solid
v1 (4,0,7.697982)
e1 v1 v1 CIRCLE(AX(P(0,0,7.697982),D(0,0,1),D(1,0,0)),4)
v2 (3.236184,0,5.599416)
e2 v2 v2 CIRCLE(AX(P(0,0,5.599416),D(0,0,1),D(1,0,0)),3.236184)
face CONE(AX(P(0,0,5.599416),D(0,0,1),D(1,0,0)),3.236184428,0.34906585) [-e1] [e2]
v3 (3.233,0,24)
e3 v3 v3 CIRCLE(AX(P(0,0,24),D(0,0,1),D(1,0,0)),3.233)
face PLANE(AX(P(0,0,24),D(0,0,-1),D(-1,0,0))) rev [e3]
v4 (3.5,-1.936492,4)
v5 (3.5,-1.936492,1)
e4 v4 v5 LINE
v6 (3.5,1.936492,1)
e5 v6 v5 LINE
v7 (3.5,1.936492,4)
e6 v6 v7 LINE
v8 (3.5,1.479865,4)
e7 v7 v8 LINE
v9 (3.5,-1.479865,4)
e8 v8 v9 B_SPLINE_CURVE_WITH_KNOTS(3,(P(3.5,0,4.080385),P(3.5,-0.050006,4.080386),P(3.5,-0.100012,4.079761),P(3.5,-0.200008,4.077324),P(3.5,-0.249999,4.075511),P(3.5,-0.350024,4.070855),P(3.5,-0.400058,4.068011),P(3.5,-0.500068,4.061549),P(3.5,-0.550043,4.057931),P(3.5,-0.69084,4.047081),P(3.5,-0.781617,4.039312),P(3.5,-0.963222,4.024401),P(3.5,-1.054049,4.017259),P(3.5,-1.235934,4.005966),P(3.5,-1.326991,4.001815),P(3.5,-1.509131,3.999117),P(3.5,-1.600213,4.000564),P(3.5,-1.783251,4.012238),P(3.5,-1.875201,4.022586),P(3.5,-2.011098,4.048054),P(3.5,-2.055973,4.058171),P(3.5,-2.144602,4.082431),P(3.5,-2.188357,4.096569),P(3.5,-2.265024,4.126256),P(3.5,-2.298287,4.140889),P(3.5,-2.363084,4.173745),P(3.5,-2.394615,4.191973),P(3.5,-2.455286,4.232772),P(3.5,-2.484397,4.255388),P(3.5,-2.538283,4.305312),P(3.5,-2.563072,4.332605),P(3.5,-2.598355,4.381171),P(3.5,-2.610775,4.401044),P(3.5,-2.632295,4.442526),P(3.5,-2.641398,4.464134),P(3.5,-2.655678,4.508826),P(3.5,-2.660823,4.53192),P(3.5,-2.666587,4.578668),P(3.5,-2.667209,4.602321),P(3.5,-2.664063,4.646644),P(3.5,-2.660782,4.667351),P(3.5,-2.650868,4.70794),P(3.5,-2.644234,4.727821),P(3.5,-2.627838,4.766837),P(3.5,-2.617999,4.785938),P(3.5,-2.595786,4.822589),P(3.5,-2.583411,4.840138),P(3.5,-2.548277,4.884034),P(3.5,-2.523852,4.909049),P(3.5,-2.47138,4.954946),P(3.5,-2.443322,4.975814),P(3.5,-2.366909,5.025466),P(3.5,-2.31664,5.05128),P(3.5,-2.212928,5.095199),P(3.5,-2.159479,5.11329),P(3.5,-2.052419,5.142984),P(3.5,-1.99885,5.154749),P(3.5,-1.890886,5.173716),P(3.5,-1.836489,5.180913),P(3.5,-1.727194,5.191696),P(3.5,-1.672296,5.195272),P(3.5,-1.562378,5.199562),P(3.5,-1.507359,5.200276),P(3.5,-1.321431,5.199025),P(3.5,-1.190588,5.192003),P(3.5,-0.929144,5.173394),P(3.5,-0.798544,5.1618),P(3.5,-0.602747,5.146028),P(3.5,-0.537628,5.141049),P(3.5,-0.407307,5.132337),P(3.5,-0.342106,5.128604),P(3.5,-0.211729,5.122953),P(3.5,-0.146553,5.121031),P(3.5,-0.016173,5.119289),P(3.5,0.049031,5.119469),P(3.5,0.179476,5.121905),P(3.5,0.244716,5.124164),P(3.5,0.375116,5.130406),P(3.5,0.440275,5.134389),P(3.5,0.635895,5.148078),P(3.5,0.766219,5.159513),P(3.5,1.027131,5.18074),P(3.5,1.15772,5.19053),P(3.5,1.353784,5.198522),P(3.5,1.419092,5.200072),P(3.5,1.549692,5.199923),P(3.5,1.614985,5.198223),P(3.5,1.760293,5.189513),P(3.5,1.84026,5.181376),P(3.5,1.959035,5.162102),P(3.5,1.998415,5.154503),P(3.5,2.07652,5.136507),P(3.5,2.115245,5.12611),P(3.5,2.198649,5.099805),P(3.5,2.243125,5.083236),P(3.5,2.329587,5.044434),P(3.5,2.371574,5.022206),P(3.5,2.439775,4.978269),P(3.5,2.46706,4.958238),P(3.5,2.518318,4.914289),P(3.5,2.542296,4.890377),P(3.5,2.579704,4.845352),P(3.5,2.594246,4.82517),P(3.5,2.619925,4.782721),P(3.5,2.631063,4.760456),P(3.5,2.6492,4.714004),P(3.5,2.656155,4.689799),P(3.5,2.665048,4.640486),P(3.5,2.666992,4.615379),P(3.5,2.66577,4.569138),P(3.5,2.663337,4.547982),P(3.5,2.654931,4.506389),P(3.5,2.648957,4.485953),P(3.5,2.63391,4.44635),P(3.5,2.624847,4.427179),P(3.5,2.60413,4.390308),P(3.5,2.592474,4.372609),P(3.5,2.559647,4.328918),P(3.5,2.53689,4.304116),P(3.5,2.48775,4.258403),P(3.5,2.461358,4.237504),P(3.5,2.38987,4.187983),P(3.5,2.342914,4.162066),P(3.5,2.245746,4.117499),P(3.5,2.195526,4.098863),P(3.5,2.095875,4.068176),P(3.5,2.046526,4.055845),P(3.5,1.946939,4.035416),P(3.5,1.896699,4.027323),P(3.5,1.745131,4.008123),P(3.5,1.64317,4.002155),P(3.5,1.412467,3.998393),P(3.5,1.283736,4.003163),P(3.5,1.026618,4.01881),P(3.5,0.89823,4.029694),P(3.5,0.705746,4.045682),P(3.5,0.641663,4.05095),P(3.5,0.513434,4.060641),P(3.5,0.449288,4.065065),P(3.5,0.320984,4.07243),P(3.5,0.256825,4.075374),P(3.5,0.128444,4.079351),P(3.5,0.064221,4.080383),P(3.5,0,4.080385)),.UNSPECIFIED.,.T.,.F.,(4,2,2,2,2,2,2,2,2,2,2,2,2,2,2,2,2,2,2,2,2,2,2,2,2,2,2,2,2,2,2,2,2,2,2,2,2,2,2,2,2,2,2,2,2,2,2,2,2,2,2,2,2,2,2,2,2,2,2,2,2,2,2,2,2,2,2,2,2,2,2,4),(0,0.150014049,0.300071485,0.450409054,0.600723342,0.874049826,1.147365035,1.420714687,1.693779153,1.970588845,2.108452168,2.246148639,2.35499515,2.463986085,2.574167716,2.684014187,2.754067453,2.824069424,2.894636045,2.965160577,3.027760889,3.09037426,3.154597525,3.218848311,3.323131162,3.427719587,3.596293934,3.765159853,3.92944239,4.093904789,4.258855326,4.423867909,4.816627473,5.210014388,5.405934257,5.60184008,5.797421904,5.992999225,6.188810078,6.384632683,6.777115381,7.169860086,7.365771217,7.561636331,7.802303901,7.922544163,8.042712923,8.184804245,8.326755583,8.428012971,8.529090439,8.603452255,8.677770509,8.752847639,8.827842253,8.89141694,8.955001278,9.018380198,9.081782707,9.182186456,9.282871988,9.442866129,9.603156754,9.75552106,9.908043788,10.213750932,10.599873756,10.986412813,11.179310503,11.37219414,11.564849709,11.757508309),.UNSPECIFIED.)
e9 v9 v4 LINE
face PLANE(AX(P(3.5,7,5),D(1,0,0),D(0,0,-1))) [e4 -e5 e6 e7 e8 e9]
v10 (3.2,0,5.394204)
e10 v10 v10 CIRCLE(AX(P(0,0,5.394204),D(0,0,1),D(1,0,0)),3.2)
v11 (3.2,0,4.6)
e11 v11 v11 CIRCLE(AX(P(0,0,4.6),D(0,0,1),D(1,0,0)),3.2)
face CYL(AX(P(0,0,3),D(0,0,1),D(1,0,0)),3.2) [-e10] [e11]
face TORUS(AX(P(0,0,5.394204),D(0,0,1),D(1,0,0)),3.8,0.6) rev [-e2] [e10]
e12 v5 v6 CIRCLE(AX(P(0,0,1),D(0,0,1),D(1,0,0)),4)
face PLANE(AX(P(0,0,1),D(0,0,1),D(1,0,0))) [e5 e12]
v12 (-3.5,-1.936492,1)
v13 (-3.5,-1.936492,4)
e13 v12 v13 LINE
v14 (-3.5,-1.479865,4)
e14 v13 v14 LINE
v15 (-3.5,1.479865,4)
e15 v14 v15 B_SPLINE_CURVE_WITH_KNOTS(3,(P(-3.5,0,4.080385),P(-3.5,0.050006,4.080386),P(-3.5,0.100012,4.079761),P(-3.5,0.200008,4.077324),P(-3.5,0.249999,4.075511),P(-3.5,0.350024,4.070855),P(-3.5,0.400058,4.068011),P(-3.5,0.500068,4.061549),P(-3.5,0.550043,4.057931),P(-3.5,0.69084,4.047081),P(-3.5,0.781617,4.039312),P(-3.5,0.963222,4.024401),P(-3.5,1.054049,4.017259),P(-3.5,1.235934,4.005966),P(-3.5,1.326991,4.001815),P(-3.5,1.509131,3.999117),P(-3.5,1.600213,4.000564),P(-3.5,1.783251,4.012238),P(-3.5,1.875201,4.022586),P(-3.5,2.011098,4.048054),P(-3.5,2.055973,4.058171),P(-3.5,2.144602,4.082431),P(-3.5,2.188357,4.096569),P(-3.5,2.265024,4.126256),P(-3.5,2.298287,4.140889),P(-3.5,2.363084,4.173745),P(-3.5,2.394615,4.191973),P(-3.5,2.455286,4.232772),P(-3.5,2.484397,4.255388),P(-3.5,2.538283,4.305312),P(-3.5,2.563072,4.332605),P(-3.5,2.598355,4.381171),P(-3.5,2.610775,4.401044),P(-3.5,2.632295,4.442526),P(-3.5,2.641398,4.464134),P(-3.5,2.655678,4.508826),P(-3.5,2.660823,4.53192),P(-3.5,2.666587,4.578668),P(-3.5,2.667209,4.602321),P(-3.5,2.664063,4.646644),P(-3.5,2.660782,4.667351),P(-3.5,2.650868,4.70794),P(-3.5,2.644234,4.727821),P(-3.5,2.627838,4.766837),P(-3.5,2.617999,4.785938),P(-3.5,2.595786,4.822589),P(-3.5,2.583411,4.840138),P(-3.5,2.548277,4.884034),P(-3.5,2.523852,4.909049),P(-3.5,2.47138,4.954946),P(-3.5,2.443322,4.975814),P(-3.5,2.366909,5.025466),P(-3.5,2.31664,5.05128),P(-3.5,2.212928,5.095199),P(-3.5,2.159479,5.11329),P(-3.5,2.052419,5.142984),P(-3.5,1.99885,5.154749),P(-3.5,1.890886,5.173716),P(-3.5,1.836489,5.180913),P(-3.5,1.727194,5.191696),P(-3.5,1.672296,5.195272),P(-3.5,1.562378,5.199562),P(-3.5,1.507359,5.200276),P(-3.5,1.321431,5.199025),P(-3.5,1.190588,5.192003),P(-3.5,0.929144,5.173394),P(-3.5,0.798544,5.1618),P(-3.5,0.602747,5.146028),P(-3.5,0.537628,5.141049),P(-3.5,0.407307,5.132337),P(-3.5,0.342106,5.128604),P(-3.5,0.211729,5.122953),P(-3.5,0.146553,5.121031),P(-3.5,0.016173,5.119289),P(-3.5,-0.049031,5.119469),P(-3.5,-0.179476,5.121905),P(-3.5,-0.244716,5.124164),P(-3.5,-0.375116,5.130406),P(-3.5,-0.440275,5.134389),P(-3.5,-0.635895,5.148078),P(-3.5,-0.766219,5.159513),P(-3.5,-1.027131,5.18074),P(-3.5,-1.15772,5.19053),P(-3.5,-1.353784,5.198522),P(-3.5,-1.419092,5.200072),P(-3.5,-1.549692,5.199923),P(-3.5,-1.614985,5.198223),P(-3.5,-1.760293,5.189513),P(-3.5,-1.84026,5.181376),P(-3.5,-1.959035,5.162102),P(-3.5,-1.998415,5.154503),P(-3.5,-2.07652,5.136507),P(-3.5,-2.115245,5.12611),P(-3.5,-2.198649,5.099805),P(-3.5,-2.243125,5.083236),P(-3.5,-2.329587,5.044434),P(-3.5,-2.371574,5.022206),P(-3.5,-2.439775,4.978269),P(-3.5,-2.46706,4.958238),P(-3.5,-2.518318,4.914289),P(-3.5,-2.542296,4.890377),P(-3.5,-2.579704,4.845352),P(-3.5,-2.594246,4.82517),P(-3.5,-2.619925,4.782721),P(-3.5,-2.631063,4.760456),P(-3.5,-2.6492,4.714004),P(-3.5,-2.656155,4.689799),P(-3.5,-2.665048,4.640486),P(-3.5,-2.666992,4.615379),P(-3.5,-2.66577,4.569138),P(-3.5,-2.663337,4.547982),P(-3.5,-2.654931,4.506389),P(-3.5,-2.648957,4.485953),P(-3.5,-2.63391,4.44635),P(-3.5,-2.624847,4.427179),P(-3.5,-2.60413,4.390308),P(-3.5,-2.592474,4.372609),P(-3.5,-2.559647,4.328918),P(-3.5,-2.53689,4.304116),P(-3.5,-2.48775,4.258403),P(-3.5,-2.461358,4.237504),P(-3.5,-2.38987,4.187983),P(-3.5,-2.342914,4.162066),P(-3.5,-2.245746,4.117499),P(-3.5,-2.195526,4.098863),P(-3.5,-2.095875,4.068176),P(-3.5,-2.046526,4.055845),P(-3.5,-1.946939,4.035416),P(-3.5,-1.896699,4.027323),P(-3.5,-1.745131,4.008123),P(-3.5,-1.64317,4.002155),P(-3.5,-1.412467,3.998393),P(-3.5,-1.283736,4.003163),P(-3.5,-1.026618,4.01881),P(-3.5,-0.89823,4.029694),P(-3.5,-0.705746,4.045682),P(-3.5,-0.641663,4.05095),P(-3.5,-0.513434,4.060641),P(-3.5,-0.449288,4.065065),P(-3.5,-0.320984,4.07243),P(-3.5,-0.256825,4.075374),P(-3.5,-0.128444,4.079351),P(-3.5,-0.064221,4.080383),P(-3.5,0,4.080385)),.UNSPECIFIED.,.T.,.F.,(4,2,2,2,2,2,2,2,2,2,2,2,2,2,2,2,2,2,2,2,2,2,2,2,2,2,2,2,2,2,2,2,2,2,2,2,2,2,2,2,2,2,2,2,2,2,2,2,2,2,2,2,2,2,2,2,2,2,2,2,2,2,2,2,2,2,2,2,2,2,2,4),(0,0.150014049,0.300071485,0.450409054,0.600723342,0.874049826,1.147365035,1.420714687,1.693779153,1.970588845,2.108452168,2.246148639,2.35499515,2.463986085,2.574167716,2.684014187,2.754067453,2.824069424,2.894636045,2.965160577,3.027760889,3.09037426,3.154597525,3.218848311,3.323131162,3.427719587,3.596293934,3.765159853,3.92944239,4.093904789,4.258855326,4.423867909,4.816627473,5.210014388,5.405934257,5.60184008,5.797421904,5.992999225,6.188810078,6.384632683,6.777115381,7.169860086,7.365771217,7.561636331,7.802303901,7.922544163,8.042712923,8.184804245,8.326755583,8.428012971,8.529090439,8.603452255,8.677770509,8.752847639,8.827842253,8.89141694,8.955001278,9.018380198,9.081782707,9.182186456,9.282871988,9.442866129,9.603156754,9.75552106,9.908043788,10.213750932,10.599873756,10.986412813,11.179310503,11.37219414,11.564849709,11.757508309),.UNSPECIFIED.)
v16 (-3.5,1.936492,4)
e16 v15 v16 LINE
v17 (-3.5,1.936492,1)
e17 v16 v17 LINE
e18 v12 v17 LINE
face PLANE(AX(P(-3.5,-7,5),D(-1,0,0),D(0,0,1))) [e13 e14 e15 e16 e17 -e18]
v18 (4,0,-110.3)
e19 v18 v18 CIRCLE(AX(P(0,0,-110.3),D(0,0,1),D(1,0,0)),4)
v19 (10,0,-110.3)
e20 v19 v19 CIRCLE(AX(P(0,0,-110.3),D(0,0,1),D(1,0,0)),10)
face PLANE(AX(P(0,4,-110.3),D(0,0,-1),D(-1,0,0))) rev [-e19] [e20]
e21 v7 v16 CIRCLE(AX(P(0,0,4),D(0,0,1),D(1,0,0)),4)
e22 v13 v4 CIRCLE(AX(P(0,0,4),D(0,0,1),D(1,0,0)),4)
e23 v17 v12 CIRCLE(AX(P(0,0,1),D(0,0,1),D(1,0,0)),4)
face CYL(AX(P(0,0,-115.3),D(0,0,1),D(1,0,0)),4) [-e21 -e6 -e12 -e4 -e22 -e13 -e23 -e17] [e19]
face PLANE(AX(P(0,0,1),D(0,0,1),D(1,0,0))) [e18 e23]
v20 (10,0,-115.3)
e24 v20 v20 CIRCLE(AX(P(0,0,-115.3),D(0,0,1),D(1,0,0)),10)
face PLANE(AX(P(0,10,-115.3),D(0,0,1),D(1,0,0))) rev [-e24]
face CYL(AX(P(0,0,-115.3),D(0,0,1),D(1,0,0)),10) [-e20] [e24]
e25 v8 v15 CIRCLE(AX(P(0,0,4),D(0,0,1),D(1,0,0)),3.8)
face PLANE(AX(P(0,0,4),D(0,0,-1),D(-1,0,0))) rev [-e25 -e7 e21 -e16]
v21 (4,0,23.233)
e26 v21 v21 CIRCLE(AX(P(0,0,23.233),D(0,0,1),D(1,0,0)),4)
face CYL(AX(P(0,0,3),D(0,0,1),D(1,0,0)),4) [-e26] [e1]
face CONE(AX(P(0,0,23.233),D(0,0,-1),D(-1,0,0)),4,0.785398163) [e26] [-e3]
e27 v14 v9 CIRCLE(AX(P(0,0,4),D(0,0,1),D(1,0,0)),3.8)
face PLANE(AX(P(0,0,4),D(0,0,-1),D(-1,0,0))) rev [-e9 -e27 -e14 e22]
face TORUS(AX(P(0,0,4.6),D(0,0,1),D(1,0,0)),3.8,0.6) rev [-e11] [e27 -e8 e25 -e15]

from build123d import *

# Parameters (mm, degrees)
CUT_EXTRUDE1_DEPTH = 4


with BuildPart() as part:
    # Sketch1 → Revolve1 (revolve)
    with BuildSketch(Plane(origin=(0, 0, 0), x_dir=(0, 0, -1), z_dir=(1, 0, 0))):
        Polygon((-4, 0), (-4, 4), (110.3, 4), (110.3, 10), (115.3, 10), (115.3, 0), align=None)
    revolve(axis=Axis((0, 0, -115.3), (0, 0, 1)))

    # Sketch2 → Revolve2 (revolve)
    with BuildSketch(Plane(origin=(0, 0, 0), x_dir=(0, 0, -1), z_dir=(1, 0, 0))):
        with BuildLine():
            Line((-24, 0), (-24, 3.233))
            Line((-24, 3.233), (-23.233, 4))
            Line((-23.233, 4), (-7.697981936, 4))
            Line((-7.697981936, 4), (-5.599415898, 3.236184428))
            ThreePointArc((-5.599415898, 3.236184428), (-5.498392718, 3.209115348), (-5.394203812, 3.2))
            Line((-5.394203812, 3.2), (-4.6, 3.2))
            ThreePointArc((-4.6, 3.2), (-4.175735931, 3.375735931), (-4, 3.8))
            Line((-4, 3.8), (-4, 4))
            Line((-4, 4), (-3, 4))
            Line((-3, 4), (-3, 0))
            Line((-3, 0), (-24, 0))
        make_face()
    revolve(axis=Axis((0, 0, 3), (0, 0, 1)))

    # Sketch3 → Cut-Extrude1 (cut)
    with BuildSketch(Plane.XY.offset(1)):
        Polygon((-7, 14), (-7, -7), (-3.5, -7), (-3.5, 7), (3.5, 7), (3.5, -7), (7, -7), (7, 14), align=None)
    extrude(amount=CUT_EXTRUDE1_DEPTH, mode=Mode.SUBTRACT)


solid = part.part
